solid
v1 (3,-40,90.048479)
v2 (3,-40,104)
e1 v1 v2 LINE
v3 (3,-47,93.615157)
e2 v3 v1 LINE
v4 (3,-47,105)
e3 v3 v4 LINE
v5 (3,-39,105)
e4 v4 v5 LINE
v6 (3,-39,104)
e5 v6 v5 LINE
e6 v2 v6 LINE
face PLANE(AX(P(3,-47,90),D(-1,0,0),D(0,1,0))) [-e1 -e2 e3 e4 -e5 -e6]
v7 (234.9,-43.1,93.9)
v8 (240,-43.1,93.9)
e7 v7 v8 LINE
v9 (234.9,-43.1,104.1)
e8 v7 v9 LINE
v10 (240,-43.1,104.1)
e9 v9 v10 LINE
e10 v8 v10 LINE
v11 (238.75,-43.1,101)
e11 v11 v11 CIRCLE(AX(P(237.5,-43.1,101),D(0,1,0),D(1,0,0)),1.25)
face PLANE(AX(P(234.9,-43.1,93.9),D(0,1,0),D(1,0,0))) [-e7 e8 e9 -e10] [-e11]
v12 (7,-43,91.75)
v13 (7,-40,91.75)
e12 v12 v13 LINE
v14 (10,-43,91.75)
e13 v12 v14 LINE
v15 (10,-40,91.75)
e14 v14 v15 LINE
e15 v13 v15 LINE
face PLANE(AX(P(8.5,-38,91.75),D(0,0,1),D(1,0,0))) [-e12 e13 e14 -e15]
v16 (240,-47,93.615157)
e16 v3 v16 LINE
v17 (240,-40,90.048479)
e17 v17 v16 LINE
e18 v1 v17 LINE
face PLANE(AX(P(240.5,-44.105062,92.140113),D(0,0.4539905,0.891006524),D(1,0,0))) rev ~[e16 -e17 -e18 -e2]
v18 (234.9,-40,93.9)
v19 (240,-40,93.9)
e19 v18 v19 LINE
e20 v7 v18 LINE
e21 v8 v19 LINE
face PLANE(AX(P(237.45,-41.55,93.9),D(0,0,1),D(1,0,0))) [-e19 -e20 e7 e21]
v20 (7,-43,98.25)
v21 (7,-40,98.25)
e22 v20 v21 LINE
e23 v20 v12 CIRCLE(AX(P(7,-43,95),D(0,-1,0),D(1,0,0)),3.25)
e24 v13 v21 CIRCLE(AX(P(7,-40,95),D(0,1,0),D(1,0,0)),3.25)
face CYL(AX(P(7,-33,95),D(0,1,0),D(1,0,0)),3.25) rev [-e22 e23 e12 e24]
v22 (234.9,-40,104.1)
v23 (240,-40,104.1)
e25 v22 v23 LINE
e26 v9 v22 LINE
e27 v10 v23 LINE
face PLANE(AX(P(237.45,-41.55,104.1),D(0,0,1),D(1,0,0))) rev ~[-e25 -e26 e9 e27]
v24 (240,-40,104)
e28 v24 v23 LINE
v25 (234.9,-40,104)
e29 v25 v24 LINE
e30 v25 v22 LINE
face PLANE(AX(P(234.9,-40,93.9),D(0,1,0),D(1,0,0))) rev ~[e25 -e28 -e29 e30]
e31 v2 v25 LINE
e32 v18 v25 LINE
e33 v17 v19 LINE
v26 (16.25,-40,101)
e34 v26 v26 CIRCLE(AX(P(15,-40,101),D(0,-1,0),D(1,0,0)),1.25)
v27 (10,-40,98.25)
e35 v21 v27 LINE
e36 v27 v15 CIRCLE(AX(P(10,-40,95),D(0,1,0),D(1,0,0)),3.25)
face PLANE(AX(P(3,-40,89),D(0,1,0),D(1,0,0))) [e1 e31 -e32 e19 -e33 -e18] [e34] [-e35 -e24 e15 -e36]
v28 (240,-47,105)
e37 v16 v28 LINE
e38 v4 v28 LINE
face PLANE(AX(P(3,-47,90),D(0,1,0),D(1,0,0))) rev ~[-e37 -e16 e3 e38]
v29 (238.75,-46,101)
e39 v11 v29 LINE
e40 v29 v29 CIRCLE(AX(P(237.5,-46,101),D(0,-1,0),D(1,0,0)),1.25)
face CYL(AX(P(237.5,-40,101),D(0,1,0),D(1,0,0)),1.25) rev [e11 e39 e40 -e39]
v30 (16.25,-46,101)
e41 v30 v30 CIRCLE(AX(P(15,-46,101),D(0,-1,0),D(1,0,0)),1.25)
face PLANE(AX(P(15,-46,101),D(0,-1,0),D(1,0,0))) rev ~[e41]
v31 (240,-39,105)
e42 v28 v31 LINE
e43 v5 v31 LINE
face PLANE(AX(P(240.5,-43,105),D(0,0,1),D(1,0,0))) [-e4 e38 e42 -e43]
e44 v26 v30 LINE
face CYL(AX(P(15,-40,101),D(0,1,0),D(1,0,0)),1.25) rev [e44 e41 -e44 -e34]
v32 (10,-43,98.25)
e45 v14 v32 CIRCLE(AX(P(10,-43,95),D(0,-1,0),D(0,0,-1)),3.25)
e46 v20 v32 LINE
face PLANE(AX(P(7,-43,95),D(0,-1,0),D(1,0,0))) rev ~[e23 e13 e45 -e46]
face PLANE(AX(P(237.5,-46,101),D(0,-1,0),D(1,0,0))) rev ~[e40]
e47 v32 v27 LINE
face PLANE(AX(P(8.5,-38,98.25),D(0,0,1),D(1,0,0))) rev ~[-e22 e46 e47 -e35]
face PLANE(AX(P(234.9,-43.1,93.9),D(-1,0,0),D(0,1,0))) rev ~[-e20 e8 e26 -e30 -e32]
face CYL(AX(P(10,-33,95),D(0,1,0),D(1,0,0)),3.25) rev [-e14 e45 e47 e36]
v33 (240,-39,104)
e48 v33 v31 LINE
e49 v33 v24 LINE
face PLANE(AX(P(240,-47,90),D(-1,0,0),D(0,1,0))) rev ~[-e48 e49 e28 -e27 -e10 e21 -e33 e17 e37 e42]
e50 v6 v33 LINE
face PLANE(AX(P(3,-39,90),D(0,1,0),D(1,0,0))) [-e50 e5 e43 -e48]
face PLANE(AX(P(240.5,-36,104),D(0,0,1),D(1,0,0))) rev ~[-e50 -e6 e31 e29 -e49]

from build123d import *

# Parameters (mm, degrees)
BOX079_W               = 3
BOX079_H               = 10
BOX079_DEPTH           = 6.5
CYLINDER078_R          = 3.25
CYLINDER078_DEPTH      = 10
CYLINDER078_ROLL_ANGLE = 90
CYLINDER077_R          = 1.25
CYLINDER077_DEPTH      = 6
CYLINDER077_ROLL_ANGLE = 90
CYLINDER075_R          = 1.25
CYLINDER075_DEPTH      = 6
CYLINDER075_ROLL_ANGLE = 90
BOX078_W               = 5.1
BOX078_H               = 3.1
BOX078_DEPTH           = 10.2
CYLINDER073_R          = 3.25
CYLINDER073_DEPTH      = 10
CYLINDER073_ROLL_ANGLE = 90
BOX076_W               = 238
BOX076_H               = 8
BOX076_DEPTH           = 15
BOX074_W               = 37
BOX074_H               = 160
BOX074_DEPTH           = 120
BOX074_PITCH_ANGLE     = -15
BOX068_W               = 475
BOX068_H               = 10
BOX068_DEPTH           = 10
BOX068_ROLL_ANGLE      = -27
BOX049_W               = 475
BOX049_H               = 8
BOX049_DEPTH           = 15
BOX069_W               = 475
BOX069_H               = 8
BOX069_DEPTH           = 15


with BuildPart() as cube051:
    # Box079 → Box079 (new body)
    with BuildSketch(Plane(origin=(7, -43, 91.75), x_dir=(1, 0, 0), z_dir=(0, 0, 1))):
        with Locations((1.5, 5)):
            Rectangle(BOX079_W, BOX079_H)
    extrude(amount=BOX079_DEPTH)


with BuildPart() as fusion088:
    # Cylinder078 → Cylinder078 (new body)
    with BuildSketch(Plane.XY):
        Circle(CYLINDER078_R)
    extrude(amount=CYLINDER078_DEPTH)


with BuildPart() as fusion088_1:
    # Cylinder078 roll: moved
    add(fusion088.part.rotate(Axis((0, 0, 0), (1, 0, 0)), CYLINDER078_ROLL_ANGLE))


with BuildPart() as fusion088_2:
    # Cylinder078 placement: moved
    add(fusion088_1.part.moved(Location((10, -33, 95))))

    # Fusion088: union Cube051
    add(cube051.part)


with BuildPart() as cylinder077:
    # Cylinder077 → Cylinder077 (new body)
    with BuildSketch(Plane.XY):
        Circle(CYLINDER077_R)
    extrude(amount=CYLINDER077_DEPTH)


with BuildPart() as cylinder077_1:
    # Cylinder077 roll: moved
    add(cylinder077.part.rotate(Axis((0, 0, 0), (1, 0, 0)), CYLINDER077_ROLL_ANGLE))


with BuildPart() as cylinder077_2:
    # Cylinder077 placement: moved
    add(cylinder077_1.part.moved(Location((237.5, -40, 101))))


with BuildPart() as fusion084:
    # Cylinder075 → Cylinder075 (new body)
    with BuildSketch(Plane.XY):
        Circle(CYLINDER075_R)
    extrude(amount=CYLINDER075_DEPTH)


with BuildPart() as fusion084_1:
    # Cylinder075 roll: moved
    add(fusion084.part.rotate(Axis((0, 0, 0), (1, 0, 0)), CYLINDER075_ROLL_ANGLE))


with BuildPart() as fusion084_2:
    # Cylinder075 placement: moved
    add(fusion084_1.part.moved(Location((15, -40, 101))))

    # Fusion084: union Cylinder077
    add(cylinder077_2.part)


with BuildPart() as cube050:
    # Box078 → Box078 (new body)
    with BuildSketch(Plane(origin=(234.9, -43.1, 93.9), x_dir=(1, 0, 0), z_dir=(0, 0, 1))):
        with Locations((2.55, 1.55)):
            Rectangle(BOX078_W, BOX078_H)
    extrude(amount=BOX078_DEPTH)


with BuildPart() as cylinder073:
    # Cylinder073 → Cylinder073 (new body)
    with BuildSketch(Plane.XY):
        Circle(CYLINDER073_R)
    extrude(amount=CYLINDER073_DEPTH)


with BuildPart() as cylinder073_1:
    # Cylinder073 roll: moved
    add(cylinder073.part.rotate(Axis((0, 0, 0), (1, 0, 0)), CYLINDER073_ROLL_ANGLE))


with BuildPart() as cylinder073_2:
    # Cylinder073 placement: moved
    add(cylinder073_1.part.moved(Location((7, -33, 95))))


with BuildPart() as cube048:
    # Box076 → Box076 (new body)
    with BuildSketch(Plane(origin=(240, -47, 90), x_dir=(1, 0, 0), z_dir=(0, 0, 1))):
        with Locations((119, 4)):
            Rectangle(BOX076_W, BOX076_H)
    extrude(amount=BOX076_DEPTH)


with BuildPart() as cube046:
    # Box074 → Box074 (new body)
    with BuildSketch(Plane.XY):
        with Locations((18.5, 80)):
            Rectangle(BOX074_W, BOX074_H)
    extrude(amount=BOX074_DEPTH)


with BuildPart() as cube046_1:
    # Box074 pitch: moved
    add(cube046.part.rotate(Axis((0, 0, 0), (0, 1, 0)), BOX074_PITCH_ANGLE))


with BuildPart() as cube046_2:
    # Box074 placement: moved
    add(cube046_1.part.moved(Location((502.2, -50, -4))))


with BuildPart() as cube040:
    # Box068 → Box068 (new body)
    with BuildSketch(Plane.XY):
        with Locations((237.5, 5)):
            Rectangle(BOX068_W, BOX068_H)
    extrude(amount=BOX068_DEPTH)


with BuildPart() as cube040_1:
    # Box068 roll: moved
    add(cube040.part.rotate(Axis((0, 0, 0), (1, 0, 0)), BOX068_ROLL_ANGLE))


with BuildPart() as cube040_2:
    # Box068 placement: moved
    add(cube040_1.part.moved(Location((0, -53.1, 85.5))))


with BuildPart() as cube021:
    # Box049 → Box049 (new body)
    with BuildSketch(Plane(origin=(0, -40, 89), x_dir=(1, 0, 0), z_dir=(0, 0, 1))):
        with Locations((237.5, 4)):
            Rectangle(BOX049_W, BOX049_H)
    extrude(amount=BOX049_DEPTH)


with BuildPart() as cut095:
    # Box069 → Box069 (new body)
    with BuildSketch(Plane(origin=(0, -47, 90), x_dir=(1, 0, 0), z_dir=(0, 0, 1))):
        with Locations((237.5, 4)):
            Rectangle(BOX069_W, BOX069_H)
    extrude(amount=BOX069_DEPTH)

    # Cut066: cut Cube021
    add(cube021.part, mode=Mode.SUBTRACT)

    # Cut082: cut Cube040
    add(cube040_2.part, mode=Mode.SUBTRACT)


with BuildPart() as cut095_1:
    # Cut082 placement: moved
    add(cut095.part.moved(Location((3, 0, 0))))

    # Cut081: cut Cube046
    add(cube046_2.part, mode=Mode.SUBTRACT)

    # Cut084: cut Cube048
    add(cube048.part, mode=Mode.SUBTRACT)

    # Cut085: cut Cylinder073
    add(cylinder073_2.part, mode=Mode.SUBTRACT)

    # Cut090: cut Cube050
    add(cube050.part, mode=Mode.SUBTRACT)

    # Cut094: cut Fusion084
    add(fusion084_2.part, mode=Mode.SUBTRACT)

    # Cut095: cut Fusion088
    add(fusion088_2.part, mode=Mode.SUBTRACT)


solid = cut095_1.part
